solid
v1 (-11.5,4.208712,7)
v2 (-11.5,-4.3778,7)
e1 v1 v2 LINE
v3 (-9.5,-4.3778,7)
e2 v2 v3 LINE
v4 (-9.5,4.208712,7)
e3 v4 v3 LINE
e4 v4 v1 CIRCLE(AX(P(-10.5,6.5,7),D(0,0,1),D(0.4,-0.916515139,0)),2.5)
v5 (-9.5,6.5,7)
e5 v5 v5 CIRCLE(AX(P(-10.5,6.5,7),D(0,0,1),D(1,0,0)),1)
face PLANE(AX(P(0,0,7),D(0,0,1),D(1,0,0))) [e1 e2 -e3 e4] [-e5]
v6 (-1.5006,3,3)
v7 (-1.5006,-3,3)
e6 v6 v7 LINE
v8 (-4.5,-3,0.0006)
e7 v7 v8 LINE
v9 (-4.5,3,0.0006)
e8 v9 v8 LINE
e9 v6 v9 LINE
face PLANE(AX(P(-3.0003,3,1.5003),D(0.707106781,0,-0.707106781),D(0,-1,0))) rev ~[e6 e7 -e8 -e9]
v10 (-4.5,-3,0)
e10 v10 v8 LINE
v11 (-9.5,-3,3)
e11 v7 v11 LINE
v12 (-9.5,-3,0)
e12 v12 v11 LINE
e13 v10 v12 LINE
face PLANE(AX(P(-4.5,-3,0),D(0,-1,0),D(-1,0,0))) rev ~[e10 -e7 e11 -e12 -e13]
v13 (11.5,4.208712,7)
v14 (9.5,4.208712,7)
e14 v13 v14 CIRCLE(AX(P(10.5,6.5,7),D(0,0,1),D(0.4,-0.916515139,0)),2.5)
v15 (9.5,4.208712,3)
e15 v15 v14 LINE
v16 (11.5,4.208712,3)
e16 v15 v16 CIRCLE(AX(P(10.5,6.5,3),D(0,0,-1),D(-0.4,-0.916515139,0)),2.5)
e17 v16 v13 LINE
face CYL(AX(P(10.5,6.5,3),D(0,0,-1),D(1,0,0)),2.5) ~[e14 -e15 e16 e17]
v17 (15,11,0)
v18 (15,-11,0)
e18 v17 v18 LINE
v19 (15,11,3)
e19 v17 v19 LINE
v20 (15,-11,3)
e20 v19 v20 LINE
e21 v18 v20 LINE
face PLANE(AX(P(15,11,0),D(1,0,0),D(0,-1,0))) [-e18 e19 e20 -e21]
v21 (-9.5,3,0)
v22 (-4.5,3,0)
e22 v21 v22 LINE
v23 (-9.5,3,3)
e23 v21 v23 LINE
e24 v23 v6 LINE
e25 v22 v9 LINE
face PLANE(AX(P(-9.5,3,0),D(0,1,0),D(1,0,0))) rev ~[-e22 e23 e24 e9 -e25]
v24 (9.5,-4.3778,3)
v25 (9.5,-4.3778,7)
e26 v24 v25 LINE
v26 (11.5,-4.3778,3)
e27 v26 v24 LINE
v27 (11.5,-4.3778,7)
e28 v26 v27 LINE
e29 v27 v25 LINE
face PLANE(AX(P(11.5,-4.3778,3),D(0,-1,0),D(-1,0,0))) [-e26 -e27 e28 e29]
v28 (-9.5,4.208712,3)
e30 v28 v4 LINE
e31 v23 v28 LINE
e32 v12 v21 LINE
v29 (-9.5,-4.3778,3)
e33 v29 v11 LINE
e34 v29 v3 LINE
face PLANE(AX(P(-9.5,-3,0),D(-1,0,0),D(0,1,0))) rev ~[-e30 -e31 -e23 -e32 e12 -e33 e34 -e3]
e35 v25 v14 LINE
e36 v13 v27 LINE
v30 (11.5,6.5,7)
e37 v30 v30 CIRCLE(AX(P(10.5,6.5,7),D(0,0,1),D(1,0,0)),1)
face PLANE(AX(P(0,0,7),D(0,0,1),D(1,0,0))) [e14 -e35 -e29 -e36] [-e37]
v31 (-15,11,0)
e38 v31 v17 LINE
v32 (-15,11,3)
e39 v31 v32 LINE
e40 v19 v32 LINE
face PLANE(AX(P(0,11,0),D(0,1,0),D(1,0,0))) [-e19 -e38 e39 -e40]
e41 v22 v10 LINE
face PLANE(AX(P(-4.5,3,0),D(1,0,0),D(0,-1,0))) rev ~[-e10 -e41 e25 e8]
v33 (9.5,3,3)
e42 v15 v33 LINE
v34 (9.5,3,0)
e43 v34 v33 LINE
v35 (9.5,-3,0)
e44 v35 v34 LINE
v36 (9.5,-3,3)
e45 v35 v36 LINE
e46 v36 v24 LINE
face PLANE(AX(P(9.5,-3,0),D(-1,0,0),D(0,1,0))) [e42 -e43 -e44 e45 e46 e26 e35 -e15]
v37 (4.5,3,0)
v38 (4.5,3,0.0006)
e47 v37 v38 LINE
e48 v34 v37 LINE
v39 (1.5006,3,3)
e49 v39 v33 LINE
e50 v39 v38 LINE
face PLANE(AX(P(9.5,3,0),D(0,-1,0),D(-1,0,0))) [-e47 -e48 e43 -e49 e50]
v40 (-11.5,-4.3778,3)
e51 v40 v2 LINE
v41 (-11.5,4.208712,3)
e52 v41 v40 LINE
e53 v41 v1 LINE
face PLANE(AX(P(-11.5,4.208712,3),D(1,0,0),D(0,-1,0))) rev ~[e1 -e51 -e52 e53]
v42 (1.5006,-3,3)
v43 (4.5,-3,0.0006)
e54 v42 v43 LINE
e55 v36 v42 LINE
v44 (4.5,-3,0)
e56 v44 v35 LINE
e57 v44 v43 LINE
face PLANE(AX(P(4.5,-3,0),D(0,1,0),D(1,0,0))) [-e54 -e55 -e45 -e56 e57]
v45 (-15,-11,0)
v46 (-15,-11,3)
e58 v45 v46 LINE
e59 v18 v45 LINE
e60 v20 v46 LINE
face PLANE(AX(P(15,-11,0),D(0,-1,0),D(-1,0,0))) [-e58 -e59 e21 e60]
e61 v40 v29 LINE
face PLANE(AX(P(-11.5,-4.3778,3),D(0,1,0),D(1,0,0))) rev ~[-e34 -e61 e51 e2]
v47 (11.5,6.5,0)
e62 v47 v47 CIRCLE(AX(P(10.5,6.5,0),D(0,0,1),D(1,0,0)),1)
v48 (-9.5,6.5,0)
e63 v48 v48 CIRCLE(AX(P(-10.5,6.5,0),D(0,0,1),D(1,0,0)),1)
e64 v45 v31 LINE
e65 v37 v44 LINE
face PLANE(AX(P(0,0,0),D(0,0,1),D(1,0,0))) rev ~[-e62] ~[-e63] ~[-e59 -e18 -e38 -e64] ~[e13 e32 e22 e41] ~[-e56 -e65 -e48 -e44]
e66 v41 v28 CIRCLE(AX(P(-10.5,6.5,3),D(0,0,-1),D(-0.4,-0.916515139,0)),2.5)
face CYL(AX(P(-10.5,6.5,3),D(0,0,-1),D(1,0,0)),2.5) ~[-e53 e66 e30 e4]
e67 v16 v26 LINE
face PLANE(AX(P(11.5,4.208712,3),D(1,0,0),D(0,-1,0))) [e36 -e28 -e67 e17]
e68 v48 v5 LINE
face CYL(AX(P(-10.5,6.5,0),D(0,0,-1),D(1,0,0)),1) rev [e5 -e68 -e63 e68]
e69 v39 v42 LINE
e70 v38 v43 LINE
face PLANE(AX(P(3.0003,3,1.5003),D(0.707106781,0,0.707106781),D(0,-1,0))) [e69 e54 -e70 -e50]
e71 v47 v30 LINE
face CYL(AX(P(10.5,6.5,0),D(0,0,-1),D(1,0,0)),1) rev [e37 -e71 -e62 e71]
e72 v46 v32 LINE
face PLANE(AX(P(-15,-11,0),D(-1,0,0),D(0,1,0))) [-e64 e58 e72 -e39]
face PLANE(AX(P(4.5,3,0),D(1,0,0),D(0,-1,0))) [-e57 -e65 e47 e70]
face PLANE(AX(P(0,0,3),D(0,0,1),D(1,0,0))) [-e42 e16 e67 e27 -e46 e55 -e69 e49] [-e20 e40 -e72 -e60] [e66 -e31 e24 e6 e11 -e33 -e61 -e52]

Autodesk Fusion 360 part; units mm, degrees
sketch "Schizzo1" plane through (0, 0, 0) normal (0, 0, 1) x (1, 0, 0)
  line L0 (15, -11) -> (-15, -11)
  line L1 (-15, -11) -> (-15, 11)
  line L2 (-15, 11) -> (15, 11)
  line L3 (15, 11) -> (15, -11)
  line L4 (15, -11) -> (-15, 11) construction
  line L5 (-15, -11) -> (15, 11) construction
  circle A0 centre (-10.5, 6.5) radius 1
  line L6 (0, 0) -> (0, 29.5876)
  circle A1 centre (10.5, 6.5) radius 1
  line L7 (-4.5, -3) -> (-9.5, -3)
  line L8 (-9.5, -3) -> (-9.5, 3)
  line L9 (-9.5, 3) -> (-4.5, 3)
  line L10 (-4.5, 3) -> (-4.5, -3)
  line L11 (-4.5, -3) -> (-9.5, 3) construction
  line L12 (-9.5, -3) -> (-4.5, 3) construction
  line L13 (4.5, -3) -> (9.5, -3)
  line L14 (9.5, -3) -> (9.5, 3)
  line L15 (9.5, 3) -> (4.5, 3)
  line L16 (4.5, 3) -> (4.5, -3)
  circle A2 centre (-10.5, 6.5) radius 2.5
  circle A3 centre (10.5, 6.5) radius 2.5
  line L17 (-9.5, 4.3778) -> (-11.5, 4.3778)
  line L18 (-11.5, 4.3778) -> (-11.5, -4.3778)
  line L19 (-11.5, -4.3778) -> (-9.5, -4.3778)
  line L20 (-9.5, -4.3778) -> (-9.5, 4.3778)
  line L21 (-9.5, 4.3778) -> (-11.5, -4.3778) construction
  line L22 (-11.5, 4.3778) -> (-9.5, -4.3778) construction
  line L23 (9.5, 4.3778) -> (11.5, 4.3778)
  line L24 (11.5, -4.3778) -> (9.5, -4.3778)
  line L25 (11.5, 4.3778) -> (11.5, -4.3778)
  line L26 (9.5, -3) -> (9.5, 3)
  line L27 (9.5, -4.3778) -> (9.5, 4.3778)
  point P0 (-7, 0)
  point P1 (-10.5, 0)
  dimension "d1" = 30
  dimension "d2" = 22
  dimension "d3" = 2
  dimension "d4" = 10.5
  dimension "d6" = 4.5
  dimension "d7" = 4.5
  dimension "d8" = 5
  dimension "d9" = 6
  dimension "d10" = 5
  dimension "d11" = 5
  dimension "d12" = 2
  dimension "d13" = 8.7557
  dimension "d14" = 10.5
extrude "Estrusione1" add sketch "Schizzo1" along normal blind 3 contours L0 L1 L2 L3 | L8 A2 L18 L19 L20 | A2 L17 L18 L20 | A2 L17 L18 L20 | L14 A3 L24 L25 L26 L27 | A3 L23 L25 L27 | A3 L23 L25 L27
extrude "Estrusione2" add sketch "Schizzo1" along normal blind 4 from surface at 3 contours L8 A2 L18 L19 L20 | A2 L17 L18 L20 | A2 L17 L18 L20 | L14 A3 L24 L25 L26 L27 | A3 L23 L25 L27 | A3 L23 L25 L27
chamfer "Smusso1" distance 3 angle 45 2 edges at (-4.5, 0, 3) (4.5, 0, 3)
equation "d4 = ( 21 / 2 ) * 1 mm"
equation "d14 = ( 21 / 2 ) * 1 mm"
